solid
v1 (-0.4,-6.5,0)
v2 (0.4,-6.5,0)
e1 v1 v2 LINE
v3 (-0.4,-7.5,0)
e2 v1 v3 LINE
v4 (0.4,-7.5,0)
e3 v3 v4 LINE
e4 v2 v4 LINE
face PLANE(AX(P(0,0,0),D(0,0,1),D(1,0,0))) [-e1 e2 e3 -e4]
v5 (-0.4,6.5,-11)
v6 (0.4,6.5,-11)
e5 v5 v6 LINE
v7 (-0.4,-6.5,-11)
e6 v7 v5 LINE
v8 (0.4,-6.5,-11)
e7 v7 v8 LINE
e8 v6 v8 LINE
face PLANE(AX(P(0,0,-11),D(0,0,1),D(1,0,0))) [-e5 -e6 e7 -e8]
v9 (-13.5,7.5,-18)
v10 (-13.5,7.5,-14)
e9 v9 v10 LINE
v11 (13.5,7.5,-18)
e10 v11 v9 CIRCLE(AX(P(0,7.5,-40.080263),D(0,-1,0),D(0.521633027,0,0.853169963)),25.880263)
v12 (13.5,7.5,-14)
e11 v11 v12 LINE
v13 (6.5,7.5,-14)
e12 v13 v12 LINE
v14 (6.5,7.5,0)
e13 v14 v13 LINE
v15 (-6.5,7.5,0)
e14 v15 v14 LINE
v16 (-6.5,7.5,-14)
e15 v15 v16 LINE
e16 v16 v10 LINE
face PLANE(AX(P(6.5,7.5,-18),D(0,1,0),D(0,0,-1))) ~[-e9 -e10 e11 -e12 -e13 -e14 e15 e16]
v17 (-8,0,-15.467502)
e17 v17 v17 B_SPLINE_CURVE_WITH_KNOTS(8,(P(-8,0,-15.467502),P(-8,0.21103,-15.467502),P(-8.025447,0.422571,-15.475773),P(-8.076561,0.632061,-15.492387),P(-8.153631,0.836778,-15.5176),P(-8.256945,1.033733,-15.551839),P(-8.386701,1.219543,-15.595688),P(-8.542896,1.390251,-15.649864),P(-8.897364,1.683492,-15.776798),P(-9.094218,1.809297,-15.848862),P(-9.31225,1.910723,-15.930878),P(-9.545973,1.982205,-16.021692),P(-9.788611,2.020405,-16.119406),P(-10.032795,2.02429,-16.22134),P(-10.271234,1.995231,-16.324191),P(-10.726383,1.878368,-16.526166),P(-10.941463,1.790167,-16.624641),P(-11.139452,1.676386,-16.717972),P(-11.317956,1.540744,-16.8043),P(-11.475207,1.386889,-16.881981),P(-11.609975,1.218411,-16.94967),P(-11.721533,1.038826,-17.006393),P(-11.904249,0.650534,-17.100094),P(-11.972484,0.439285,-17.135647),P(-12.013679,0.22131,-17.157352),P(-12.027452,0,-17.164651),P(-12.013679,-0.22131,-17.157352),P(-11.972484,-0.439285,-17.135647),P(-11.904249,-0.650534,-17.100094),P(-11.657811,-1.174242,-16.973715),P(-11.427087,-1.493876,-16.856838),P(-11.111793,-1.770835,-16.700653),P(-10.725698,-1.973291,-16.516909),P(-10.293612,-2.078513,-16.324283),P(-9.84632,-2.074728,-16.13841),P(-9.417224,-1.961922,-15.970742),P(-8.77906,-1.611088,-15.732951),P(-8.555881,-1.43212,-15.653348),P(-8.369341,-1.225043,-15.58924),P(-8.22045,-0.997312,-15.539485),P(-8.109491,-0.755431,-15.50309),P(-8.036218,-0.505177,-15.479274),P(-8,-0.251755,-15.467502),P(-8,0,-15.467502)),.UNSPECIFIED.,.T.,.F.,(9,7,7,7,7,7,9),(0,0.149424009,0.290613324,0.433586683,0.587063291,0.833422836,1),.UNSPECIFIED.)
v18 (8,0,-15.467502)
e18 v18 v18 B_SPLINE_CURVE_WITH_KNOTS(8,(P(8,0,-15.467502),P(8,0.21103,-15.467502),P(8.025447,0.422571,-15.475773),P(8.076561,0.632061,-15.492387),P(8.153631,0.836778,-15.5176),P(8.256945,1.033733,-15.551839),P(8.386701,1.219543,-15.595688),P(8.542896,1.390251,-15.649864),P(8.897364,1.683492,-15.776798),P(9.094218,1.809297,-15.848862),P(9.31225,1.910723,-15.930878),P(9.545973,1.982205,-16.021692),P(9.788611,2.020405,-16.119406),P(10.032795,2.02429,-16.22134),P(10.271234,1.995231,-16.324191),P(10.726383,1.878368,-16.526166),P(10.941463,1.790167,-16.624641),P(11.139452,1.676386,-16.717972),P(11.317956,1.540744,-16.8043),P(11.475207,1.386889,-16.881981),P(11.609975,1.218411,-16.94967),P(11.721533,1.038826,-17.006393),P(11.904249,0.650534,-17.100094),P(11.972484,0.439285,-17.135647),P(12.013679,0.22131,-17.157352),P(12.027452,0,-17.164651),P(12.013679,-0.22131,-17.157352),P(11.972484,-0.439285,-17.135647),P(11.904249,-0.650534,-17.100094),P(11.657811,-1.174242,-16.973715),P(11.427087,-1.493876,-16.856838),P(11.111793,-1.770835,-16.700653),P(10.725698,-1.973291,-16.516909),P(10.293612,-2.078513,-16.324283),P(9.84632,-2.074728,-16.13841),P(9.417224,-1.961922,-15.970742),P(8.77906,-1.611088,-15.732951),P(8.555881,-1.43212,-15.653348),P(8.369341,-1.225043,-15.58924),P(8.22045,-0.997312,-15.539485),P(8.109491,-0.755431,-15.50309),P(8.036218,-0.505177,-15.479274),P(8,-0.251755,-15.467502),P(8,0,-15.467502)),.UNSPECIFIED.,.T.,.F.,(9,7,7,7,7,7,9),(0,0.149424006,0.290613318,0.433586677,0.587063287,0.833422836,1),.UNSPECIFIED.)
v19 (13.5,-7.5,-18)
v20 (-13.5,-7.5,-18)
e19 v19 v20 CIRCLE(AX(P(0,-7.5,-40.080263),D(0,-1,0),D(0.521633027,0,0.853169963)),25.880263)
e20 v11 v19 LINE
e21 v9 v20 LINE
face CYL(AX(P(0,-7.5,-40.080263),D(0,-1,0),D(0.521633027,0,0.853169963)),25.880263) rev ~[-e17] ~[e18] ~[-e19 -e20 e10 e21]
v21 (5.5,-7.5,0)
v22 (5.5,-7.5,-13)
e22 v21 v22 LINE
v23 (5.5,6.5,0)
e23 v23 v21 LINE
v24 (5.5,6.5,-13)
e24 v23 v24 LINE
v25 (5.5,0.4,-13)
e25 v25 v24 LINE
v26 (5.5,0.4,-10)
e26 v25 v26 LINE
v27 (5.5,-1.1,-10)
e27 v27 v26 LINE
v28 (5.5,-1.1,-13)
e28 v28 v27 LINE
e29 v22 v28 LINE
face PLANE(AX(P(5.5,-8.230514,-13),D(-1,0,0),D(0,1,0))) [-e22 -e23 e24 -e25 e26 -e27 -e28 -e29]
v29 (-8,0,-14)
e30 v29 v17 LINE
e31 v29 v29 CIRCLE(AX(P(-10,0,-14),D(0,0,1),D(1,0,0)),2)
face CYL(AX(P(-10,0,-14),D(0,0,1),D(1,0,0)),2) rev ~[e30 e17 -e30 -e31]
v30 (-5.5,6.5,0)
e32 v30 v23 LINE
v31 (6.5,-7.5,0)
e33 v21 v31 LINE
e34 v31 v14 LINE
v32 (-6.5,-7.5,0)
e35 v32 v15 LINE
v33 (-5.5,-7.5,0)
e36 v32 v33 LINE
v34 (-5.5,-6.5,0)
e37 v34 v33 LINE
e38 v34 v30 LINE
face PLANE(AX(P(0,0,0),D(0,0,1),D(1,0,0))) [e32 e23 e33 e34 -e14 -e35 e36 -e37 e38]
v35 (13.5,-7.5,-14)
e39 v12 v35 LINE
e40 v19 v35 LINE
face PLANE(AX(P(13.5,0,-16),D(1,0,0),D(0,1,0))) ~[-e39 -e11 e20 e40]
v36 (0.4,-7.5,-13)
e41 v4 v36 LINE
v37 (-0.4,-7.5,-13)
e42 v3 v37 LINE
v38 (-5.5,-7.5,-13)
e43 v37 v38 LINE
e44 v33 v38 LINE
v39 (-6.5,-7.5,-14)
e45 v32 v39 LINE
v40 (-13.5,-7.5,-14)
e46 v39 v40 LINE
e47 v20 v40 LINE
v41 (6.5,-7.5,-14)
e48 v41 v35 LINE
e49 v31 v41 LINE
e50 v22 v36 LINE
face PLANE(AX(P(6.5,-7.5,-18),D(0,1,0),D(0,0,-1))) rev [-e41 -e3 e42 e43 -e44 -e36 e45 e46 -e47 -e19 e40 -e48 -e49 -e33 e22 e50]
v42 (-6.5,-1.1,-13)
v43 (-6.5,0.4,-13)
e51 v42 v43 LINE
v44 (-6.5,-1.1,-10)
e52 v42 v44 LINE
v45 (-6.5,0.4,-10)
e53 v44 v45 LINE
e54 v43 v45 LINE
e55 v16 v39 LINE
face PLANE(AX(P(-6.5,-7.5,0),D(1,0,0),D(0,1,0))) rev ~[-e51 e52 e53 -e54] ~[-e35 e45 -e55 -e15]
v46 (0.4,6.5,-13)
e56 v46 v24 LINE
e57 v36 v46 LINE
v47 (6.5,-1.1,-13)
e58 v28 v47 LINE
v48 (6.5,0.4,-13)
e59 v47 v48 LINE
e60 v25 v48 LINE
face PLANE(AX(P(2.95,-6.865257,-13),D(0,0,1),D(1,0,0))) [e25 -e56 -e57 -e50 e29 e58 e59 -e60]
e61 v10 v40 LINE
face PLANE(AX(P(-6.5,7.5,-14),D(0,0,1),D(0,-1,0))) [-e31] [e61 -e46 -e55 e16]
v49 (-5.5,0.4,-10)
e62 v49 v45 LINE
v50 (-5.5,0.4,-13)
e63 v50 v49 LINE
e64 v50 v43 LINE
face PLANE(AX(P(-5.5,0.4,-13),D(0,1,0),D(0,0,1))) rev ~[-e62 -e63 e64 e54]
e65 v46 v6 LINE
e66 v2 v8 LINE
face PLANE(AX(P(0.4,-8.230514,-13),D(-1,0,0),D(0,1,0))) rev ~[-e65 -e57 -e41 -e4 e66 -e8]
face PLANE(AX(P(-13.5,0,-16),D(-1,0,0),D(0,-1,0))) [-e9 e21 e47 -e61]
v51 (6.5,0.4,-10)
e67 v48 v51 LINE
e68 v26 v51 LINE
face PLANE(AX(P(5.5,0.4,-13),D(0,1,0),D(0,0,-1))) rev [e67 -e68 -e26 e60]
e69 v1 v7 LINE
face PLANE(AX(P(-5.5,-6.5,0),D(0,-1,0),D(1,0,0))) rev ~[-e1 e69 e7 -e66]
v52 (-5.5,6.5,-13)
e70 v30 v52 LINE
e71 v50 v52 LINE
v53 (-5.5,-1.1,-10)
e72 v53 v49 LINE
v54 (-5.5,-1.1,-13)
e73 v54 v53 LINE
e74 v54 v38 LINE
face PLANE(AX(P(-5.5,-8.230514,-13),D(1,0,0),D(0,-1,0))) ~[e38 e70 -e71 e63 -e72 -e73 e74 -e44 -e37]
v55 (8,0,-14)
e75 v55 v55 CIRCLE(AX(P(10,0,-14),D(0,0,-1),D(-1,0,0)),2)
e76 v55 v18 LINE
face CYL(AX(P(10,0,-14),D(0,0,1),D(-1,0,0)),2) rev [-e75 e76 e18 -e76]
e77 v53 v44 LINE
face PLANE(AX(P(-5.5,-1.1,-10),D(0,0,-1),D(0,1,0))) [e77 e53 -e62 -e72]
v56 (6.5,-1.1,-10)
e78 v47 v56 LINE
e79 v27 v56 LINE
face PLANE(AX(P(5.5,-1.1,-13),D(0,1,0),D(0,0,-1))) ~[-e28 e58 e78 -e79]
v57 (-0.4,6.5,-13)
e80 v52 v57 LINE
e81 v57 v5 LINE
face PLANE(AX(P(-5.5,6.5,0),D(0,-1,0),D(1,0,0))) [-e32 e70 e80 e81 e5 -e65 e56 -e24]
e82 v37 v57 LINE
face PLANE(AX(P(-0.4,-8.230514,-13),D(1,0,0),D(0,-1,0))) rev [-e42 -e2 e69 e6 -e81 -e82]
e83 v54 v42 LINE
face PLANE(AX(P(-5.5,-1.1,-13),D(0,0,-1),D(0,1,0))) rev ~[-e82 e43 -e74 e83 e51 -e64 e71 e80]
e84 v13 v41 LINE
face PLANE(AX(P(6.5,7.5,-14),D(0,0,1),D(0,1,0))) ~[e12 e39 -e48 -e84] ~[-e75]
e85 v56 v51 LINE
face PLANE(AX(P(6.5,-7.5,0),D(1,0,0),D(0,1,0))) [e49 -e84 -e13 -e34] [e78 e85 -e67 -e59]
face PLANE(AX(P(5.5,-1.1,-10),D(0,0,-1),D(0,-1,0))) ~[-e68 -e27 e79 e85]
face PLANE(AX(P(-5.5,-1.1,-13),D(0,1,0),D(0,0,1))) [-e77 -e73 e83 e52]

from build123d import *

# Parameters (mm, degrees)
F1_W      = 13
F1_H      = 15
F2_DEPTH  = 18
F0_W      = 11
F0_H      = 13
F3_DEPTH  = 13
F4_W      = 0.8
F4_H      = 13
F5_DEPTH  = 2
F7_W      = 5.064733
F7_H      = 2.673392
F6_W      = 5.1
F6_H      = 2.730513
F8_DEPTH  = 15
F9_W      = 1.5
F9_H      = 3
F10_DEPTH = 25
F13_W     = 15
F13_H     = 4
F14_DEPTH = 7
F15_R     = 2
F16_DEPTH = 25
F19_DEPTH = 25


with BuildPart() as f2:
    # F1 (on Top) → F2 (new body)
    with BuildSketch(Plane.XY):
        Rectangle(F1_W, F1_H)
    extrude(amount=-F2_DEPTH)

    # F0 (on Top) → F3 (cut)
    with BuildSketch(Plane.XY):
        Rectangle(F0_W, F0_H)
    extrude(amount=-F3_DEPTH, mode=Mode.SUBTRACT)

    # F4 (on face) → F5 (join)
    with BuildSketch(Plane.XY.offset(-13)):
        Rectangle(F4_W, F4_H)
    extrude(amount=F5_DEPTH)

    # F7 (on face) + F6 (on face) → F8 (cut)
    with BuildSketch(Plane.XY.offset(-13)):
        with Locations((-2.967633, -6.836696)):
            Rectangle(F7_W, F7_H)
    with BuildSketch(Plane.XY.offset(-13)):
        with Locations((2.95, -6.865257)):
            Rectangle(F6_W, F6_H)
    extrude(amount=F8_DEPTH, mode=Mode.SUBTRACT)

    # F9 (on face) → F10 (cut)
    with BuildSketch(Plane.YZ.offset(-5.5)):
        with Locations((-0.35, -11.5)):
            Rectangle(F9_W, F9_H)
    extrude(amount=-F10_DEPTH, mode=Mode.SUBTRACT)

    # F11: F2 across plane


with BuildPart() as f2_1:
    add(f2.part)
    add(f2.part.mirror(Plane.YZ), mode=Mode.INTERSECT)

    # F13 (on face) → F14 (join)
    with BuildSketch(Plane(origin=(-6.5, 0, 0), x_dir=(0, -1, 0), z_dir=(-1, 0, 0))):
        with Locations((0, -16)):
            Rectangle(F13_W, F13_H)
    extrude(amount=F14_DEPTH)

    # F15 (on face) → F16 (cut)
    with BuildSketch(Plane.XY.offset(-14)):
        with Locations((-10, 0)):
            Circle(F15_R)
    extrude(amount=-F16_DEPTH, mode=Mode.SUBTRACT)

    # F17: F2 across plane


with BuildPart() as f2_2:
    add(f2_1.part)
    add(f2_1.part.mirror(Plane.YZ))

    # F18 (on face) → F19 (cut)
    with BuildSketch(Plane.XZ.offset(7.5)):
        with BuildLine():
            Line((-13.5, -18), (13.5, -18))
            ThreePointArc((13.5, -18), (0, -14.2), (-13.5, -18))
        make_face()
    extrude(amount=-F19_DEPTH, mode=Mode.SUBTRACT)


solid = f2_2.part
